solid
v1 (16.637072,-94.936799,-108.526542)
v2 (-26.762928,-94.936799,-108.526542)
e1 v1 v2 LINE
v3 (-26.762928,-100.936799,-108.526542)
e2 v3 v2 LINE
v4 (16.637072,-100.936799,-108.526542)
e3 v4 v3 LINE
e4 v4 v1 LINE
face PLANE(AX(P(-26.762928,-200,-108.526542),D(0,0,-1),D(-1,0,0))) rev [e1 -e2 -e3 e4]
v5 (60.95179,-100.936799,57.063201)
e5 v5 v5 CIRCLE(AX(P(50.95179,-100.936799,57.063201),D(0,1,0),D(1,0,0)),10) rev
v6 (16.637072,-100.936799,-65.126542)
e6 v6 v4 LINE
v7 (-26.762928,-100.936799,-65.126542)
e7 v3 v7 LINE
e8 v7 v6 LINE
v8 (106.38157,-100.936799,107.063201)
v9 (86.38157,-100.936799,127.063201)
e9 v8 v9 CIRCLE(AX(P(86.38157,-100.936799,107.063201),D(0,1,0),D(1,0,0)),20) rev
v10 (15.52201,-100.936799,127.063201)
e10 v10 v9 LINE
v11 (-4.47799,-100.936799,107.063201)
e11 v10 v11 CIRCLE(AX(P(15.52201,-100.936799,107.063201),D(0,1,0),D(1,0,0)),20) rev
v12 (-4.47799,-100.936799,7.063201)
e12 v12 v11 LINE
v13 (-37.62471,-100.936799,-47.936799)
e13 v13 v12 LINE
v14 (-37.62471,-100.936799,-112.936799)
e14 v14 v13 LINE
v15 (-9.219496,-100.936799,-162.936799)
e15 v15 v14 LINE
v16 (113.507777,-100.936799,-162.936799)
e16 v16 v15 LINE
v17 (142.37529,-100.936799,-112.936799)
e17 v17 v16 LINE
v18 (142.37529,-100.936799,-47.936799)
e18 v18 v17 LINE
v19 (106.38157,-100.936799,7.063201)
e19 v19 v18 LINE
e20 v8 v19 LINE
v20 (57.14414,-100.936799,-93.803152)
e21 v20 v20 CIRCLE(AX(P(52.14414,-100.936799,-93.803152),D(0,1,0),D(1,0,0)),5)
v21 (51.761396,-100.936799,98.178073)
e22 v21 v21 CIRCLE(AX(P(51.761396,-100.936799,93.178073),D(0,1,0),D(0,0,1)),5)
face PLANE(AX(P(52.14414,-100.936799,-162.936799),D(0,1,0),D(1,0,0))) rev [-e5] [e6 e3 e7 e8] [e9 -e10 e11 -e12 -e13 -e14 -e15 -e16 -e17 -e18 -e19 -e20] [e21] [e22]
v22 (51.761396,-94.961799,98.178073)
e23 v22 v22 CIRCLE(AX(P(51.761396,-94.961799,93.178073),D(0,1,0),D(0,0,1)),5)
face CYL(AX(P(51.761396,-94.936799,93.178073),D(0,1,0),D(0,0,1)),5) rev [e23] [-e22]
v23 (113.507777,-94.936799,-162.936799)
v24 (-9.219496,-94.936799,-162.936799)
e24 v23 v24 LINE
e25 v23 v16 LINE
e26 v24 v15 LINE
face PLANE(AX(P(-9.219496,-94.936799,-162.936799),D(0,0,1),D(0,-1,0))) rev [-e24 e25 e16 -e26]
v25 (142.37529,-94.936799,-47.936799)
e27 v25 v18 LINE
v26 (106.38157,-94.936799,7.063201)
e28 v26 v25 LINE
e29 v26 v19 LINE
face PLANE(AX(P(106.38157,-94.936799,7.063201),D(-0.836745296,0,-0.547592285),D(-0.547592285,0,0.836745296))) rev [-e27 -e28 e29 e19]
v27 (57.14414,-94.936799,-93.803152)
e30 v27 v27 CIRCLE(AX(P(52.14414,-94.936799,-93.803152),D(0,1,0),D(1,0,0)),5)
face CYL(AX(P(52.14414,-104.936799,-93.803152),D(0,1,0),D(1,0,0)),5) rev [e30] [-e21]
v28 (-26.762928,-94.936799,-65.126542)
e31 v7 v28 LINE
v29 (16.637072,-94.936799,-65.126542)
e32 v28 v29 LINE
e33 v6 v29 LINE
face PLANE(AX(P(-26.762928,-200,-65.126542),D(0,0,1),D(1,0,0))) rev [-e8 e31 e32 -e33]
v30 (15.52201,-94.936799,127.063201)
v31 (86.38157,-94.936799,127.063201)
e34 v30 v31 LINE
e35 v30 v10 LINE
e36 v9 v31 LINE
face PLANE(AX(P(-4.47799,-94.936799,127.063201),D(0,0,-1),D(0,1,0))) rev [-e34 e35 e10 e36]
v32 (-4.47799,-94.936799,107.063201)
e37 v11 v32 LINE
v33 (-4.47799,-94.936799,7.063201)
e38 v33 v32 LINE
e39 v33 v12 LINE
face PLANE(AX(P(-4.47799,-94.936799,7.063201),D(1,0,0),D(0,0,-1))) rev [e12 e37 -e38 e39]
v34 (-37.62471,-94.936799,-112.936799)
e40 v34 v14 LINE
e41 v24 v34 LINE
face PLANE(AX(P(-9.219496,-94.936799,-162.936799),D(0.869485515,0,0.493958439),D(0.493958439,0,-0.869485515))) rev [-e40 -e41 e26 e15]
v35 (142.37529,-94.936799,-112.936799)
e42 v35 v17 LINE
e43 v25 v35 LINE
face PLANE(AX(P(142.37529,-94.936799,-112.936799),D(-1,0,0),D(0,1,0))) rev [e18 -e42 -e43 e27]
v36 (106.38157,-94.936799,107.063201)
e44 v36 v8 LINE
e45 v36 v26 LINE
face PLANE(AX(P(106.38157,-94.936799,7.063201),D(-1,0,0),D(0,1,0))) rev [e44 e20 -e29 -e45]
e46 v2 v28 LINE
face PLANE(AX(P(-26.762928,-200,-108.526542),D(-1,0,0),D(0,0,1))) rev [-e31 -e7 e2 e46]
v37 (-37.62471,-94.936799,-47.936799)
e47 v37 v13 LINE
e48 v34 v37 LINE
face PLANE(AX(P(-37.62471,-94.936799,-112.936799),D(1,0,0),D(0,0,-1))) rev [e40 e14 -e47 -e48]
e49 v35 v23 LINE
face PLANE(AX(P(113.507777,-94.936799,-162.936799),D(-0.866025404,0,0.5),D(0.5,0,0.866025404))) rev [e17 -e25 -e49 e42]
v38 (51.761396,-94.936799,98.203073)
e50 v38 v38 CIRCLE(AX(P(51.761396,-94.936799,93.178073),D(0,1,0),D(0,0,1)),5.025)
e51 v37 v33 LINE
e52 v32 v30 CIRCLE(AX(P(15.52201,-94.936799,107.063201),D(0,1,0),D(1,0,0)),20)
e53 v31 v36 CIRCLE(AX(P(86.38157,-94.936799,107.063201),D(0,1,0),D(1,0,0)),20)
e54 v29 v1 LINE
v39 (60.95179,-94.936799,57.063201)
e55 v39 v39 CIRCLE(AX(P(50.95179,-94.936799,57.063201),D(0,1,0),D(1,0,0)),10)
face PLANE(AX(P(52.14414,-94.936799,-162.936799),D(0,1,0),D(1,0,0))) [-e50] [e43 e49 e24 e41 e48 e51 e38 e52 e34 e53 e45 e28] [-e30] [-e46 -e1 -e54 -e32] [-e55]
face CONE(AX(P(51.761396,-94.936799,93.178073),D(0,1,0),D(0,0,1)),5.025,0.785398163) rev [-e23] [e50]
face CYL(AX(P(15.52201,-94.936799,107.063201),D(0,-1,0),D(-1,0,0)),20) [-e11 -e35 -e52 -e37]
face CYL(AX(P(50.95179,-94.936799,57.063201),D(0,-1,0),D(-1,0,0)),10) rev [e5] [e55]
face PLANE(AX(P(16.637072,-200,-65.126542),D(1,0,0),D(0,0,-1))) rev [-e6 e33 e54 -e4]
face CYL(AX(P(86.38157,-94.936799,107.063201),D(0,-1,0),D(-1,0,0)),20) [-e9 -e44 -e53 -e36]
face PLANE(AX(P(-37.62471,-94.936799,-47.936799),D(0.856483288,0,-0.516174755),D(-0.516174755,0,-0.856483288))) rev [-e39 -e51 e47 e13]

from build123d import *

# Parameters (mm, degrees)
BOSS_EXTRUDE1_DEPTH              = 6
FILLET1_R                        = 20
FILLET2_R                        = 20
SKETCH30_R                       = 10
CUT_EXTRUDE44_DEPTH              = 7
CUT_EXTRUDE44_DEPTH_BACK         = 1
SKETCH31_R                       = 5
CUT_EXTRUDE45_DEPTH              = 10
BODY_MOVE_COPY3_ANGLE            = 90
BODY_MOVE_COPY4_ANGLE            = 180
F_10_0MM_DOWEL_HOLE1_D           = 10
F_10_0MM_DOWEL_HOLE1_DEPTH       = 50
F_10_0MM_DOWEL_HOLE1_CSINK_D     = 10.05
F_10_0MM_DOWEL_HOLE1_CSINK_ANGLE = 90
F_10_0MM_DOWEL_HOLE1_TIP         = 3.004303095
SKETCH35_W                       = 43.4
SKETCH35_H                       = 43.4
CUT_EXTRUDE46_DEPTH              = 200


with BuildPart() as part:
    # Sketch6 → Boss-Extrude1 (new body)
    with BuildSketch(Plane.XY):
        Polygon((-61.363636364, 0), (61.363636364, 0), (90.231149823, -50), (90.231149823, -115), (54.237430104, -170), (54.237430104, -290), (-56.622130409, -290), (-56.622130409, -170), (-89.768850177, -115), (-89.768850177, -50), align=None)
    extrude(amount=BOSS_EXTRUDE1_DEPTH)

    # Fillet1
    fillet1_edges = [part.edges().sort_by_distance(p)[0] for p in [
        (54.237430104, -290, 3),
    ]]
    fillet(fillet1_edges, radius=FILLET1_R)

    # Fillet2
    fillet2_edges = [part.edges().sort_by_distance(p)[0] for p in [
        (-56.622130409, -290, 3),
    ]]
    fillet(fillet2_edges, radius=FILLET2_R)

    # Sketch30 → Cut-Extrude44 (cut, two sides)
    with BuildSketch(Plane.XY) as cut_extrude44_sk:
        with Locations((-1.192350152, -220)):
            Circle(SKETCH30_R)
    extrude(amount=CUT_EXTRUDE44_DEPTH, mode=Mode.SUBTRACT)
    extrude(cut_extrude44_sk.sketch, amount=-CUT_EXTRUDE44_DEPTH_BACK, mode=Mode.SUBTRACT)

    # Sketch31 → Cut-Extrude45 (cut)
    with BuildSketch(Plane.XY.offset(6)):
        with Locations((0, -69.133646514)):
            Circle(SKETCH31_R)
    extrude(amount=-CUT_EXTRUDE45_DEPTH, mode=Mode.SUBTRACT)


with BuildPart() as part_1:
    # Body-Move/Copy3: moved
    add(part.part.rotate(Axis((0, -121.936798964, -1), (1, 0, 0)), BODY_MOVE_COPY3_ANGLE))


with BuildPart() as part_2:
    # Body-Move/Copy4: moved
    add(part_1.part.rotate(Axis((0, -111.936798964, -21), (1, 0, 0)), BODY_MOVE_COPY4_ANGLE))


with BuildPart() as part_3:
    # Body-Move/Copy5: moved
    add(part_2.part.moved(Location((52.144140366, 0, 0))))

    # Ø10.0mm Dowel Hole1
    with Locations(Plane(origin=(0, -94.936798964, 0), x_dir=(1, 0, 0), z_dir=(0, 1, 0))):
        with Locations((51.761395867, -93.178073243)):
            CounterSinkHole(F_10_0MM_DOWEL_HOLE1_D / 2, F_10_0MM_DOWEL_HOLE1_CSINK_D / 2, depth=F_10_0MM_DOWEL_HOLE1_DEPTH, counter_sink_angle=F_10_0MM_DOWEL_HOLE1_CSINK_ANGLE)
            with Locations((0, 0, -(F_10_0MM_DOWEL_HOLE1_DEPTH + F_10_0MM_DOWEL_HOLE1_TIP / 2))):  # 118° drill point
                Cone(0, F_10_0MM_DOWEL_HOLE1_D / 2, F_10_0MM_DOWEL_HOLE1_TIP, mode=Mode.SUBTRACT)

    # Sketch35 → Cut-Extrude46 (cut)
    with BuildSketch(Plane(origin=(0, 0, 0), x_dir=(1, 0, 0), z_dir=(0, 1, 0))):
        with Locations((-5.062927598, 86.826541805)):
            Rectangle(SKETCH35_W, SKETCH35_H)
    extrude(amount=-CUT_EXTRUDE46_DEPTH, mode=Mode.SUBTRACT)


solid = part_3.part
